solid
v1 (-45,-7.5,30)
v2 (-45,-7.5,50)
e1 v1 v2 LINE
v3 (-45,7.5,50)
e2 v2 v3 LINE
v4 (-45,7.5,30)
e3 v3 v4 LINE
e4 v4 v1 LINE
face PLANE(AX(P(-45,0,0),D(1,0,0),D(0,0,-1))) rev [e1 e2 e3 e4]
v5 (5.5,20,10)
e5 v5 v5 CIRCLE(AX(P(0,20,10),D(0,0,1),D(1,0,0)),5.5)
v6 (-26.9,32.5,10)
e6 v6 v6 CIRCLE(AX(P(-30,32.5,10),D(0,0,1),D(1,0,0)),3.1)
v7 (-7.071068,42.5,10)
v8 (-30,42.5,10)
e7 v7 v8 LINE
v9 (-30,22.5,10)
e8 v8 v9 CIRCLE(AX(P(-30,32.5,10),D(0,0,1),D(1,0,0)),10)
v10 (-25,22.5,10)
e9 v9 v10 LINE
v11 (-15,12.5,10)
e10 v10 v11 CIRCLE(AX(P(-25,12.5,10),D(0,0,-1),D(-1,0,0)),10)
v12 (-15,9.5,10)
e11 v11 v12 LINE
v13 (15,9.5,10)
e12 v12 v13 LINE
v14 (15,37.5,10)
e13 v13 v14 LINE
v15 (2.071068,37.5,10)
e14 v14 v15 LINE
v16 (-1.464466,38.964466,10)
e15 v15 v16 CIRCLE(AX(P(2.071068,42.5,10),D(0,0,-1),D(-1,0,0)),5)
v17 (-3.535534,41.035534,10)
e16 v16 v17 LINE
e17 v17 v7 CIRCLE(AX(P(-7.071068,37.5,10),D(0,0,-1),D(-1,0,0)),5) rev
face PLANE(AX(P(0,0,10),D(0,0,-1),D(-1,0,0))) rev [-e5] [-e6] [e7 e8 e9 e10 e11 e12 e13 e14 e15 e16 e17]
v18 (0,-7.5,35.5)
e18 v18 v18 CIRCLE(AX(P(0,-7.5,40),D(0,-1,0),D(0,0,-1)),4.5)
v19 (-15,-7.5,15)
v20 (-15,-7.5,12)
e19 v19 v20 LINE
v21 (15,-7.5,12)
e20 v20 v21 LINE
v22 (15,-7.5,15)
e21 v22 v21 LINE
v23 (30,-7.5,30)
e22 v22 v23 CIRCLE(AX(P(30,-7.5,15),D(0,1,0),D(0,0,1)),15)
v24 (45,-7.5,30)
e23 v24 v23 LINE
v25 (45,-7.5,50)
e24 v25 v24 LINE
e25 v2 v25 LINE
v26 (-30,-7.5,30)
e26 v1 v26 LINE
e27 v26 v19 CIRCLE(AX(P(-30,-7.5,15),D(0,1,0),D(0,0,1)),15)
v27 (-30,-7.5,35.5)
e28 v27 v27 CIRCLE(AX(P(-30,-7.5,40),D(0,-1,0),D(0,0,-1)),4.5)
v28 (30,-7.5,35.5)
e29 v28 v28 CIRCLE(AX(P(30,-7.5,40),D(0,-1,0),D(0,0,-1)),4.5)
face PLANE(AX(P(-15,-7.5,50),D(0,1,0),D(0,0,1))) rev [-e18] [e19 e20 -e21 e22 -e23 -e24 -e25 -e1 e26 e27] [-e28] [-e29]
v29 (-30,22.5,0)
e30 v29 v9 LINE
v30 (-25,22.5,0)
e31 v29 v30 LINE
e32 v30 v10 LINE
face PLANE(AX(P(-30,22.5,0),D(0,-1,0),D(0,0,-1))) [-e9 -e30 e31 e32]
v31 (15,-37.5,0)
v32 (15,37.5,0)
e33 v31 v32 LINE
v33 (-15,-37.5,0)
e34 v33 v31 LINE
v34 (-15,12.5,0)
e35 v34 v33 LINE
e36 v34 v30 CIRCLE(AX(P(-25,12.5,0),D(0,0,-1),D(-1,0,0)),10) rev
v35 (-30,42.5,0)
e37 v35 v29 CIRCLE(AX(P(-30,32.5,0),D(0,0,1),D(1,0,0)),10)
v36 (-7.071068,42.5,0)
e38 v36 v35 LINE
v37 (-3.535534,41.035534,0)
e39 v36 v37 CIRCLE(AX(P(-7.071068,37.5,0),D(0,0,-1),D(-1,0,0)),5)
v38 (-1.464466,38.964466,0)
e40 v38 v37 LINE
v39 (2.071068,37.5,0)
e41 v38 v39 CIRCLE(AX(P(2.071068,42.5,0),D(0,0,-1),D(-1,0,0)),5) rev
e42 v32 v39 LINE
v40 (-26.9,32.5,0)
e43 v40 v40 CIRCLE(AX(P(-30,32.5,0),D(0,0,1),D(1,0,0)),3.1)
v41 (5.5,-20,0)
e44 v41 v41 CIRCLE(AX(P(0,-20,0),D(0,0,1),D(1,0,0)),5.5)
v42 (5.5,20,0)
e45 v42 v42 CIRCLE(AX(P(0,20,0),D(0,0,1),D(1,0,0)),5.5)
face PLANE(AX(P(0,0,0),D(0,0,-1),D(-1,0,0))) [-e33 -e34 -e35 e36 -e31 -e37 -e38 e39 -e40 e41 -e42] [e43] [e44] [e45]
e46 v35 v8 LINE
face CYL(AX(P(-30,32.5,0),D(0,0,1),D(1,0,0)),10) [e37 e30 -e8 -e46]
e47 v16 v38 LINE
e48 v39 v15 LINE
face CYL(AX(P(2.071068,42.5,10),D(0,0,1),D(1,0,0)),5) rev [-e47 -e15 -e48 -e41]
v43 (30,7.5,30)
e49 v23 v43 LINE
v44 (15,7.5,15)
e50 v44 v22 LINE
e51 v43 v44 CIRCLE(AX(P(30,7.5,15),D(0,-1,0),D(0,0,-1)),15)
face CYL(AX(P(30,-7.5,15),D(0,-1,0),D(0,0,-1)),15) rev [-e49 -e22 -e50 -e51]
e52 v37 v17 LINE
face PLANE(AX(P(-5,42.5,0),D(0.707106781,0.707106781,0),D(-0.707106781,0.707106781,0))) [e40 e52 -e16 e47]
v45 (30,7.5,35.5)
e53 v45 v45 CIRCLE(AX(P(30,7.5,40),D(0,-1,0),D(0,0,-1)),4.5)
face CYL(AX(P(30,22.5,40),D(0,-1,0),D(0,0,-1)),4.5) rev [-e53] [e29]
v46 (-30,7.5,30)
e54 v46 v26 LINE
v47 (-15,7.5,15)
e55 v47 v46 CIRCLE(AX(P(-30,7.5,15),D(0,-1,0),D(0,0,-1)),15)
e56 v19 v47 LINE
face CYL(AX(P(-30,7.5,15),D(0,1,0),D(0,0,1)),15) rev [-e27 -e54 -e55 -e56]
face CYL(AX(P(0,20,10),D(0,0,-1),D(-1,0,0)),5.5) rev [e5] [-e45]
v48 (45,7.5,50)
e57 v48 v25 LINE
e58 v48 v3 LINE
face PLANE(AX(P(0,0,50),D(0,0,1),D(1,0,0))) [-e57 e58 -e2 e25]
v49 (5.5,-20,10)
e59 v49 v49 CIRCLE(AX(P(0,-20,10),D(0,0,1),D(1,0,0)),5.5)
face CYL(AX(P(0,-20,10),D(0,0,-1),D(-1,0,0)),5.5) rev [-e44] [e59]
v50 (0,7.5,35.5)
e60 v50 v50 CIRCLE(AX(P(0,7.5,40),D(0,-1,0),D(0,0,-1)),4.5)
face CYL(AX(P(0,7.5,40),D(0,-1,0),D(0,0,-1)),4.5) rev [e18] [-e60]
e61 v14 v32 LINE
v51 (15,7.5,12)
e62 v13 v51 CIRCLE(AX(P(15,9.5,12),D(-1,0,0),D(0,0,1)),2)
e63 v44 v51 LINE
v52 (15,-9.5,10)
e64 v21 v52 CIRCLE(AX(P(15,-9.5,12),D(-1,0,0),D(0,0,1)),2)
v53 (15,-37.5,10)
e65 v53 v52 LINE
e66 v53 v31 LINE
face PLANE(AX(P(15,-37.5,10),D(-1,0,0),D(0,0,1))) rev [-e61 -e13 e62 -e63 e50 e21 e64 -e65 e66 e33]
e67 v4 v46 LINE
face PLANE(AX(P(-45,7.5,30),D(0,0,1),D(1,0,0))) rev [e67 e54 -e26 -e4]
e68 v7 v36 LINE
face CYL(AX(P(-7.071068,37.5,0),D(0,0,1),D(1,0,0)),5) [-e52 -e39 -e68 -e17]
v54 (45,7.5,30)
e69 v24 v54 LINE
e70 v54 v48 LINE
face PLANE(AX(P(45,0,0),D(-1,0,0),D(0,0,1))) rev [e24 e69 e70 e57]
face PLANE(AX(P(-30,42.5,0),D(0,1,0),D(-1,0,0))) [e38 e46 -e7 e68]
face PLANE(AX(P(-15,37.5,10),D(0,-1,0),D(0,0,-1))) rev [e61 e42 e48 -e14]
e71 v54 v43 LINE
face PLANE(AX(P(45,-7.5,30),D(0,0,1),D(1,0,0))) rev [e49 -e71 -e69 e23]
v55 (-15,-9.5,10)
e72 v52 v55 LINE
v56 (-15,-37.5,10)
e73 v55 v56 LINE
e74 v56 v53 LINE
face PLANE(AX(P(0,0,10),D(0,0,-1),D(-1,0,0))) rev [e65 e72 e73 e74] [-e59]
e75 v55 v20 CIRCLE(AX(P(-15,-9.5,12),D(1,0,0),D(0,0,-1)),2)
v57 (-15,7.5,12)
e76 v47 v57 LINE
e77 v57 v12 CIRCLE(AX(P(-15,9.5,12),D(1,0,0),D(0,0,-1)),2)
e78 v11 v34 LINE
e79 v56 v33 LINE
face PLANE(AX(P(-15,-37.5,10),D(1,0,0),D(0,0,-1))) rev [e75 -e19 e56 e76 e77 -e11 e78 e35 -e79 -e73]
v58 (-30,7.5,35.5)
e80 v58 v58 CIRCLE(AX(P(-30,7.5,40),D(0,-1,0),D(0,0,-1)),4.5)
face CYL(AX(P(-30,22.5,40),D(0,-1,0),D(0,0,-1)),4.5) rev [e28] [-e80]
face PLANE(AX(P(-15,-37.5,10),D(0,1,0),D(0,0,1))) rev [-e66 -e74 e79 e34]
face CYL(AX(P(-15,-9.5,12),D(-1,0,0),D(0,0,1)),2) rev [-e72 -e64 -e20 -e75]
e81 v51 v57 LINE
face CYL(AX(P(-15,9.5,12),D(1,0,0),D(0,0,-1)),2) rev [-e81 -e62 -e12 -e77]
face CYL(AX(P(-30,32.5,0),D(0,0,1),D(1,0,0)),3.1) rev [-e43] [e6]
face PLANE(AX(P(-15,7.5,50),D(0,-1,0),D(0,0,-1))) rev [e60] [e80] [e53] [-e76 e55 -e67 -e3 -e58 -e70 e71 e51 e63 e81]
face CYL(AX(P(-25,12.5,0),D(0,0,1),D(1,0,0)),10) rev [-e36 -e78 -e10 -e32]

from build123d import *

# Parameters (mm, degrees)
SKETCH_1_W          = 30
SKETCH_1_H          = 75
SKETCH_1_R          = 5.5
EXTRUDE_1_DEPTH     = 10
SKETCH_2_W          = 30
SKETCH_2_H          = 15
EXTRUDE_2_DEPTH     = 40
FILLET_1_R          = 2
SKETCH_3_R          = 4.5
CUT_EXTRUDE_1_DEPTH = 15
SKETCH_5_W          = 20
SKETCH_5_H          = 15
EXTRUDE_3_DEPTH     = 30
SKETCH_6_R          = 4.5
CUT_EXTRUDE_2_DEPTH = 30
FILLET_2_R          = 15
SKETCH_7_W          = 20
SKETCH_7_H          = 15
EXTRUDE_4_DEPTH     = 30
FILLET_3_R          = 15
SKETCH_8_R          = 4.5
CUT_EXTRUDE_3_DEPTH = 30
EXTRUDE_5_DEPTH     = 10
FILLET_4_R          = 5
FILLET_5_R          = 10
SKETCH_10_R         = 3.1
CUT_EXTRUDE_4_DEPTH = 10


with BuildPart() as part:
    # 草图1 → 凸台-拉伸1 (new body)
    with BuildSketch(Plane.XY):
        Rectangle(SKETCH_1_W, SKETCH_1_H)
        with Locations((0, 20)):
            Circle(SKETCH_1_R, mode=Mode.SUBTRACT)
        with Locations((0, -20)):
            Circle(SKETCH_1_R, mode=Mode.SUBTRACT)
    extrude(amount=EXTRUDE_1_DEPTH)

    # 草图2 → 凸台-拉伸2 (add)
    with BuildSketch(Plane.XY.offset(10)):
        Rectangle(SKETCH_2_W, SKETCH_2_H)
    extrude(amount=EXTRUDE_2_DEPTH)

    # 圆角1
    fillet_1_edges = [part.edges().sort_by_distance(p)[0] for p in [
        (0, 7.5, 10),
        (0, -7.5, 10),
    ]]
    fillet(fillet_1_edges, radius=FILLET_1_R)

    # 草图3 → 切除-拉伸1 (cut)
    with BuildSketch(Plane(origin=(0, -7.5, 0), x_dir=(-1, 0, 0), z_dir=(0, -1, 0))):
        with Locations((0, -40)):
            Circle(SKETCH_3_R)
    extrude(amount=-CUT_EXTRUDE_1_DEPTH, mode=Mode.SUBTRACT)

    # 草图5 → 凸台-拉伸3 (add)
    with BuildSketch(Plane(origin=(15, 0, 0), x_dir=(0, 0, -1), z_dir=(1, 0, 0))):
        with Locations((-40, 0)):
            Rectangle(SKETCH_5_W, SKETCH_5_H)
    extrude(amount=EXTRUDE_3_DEPTH)

    # 草图6 → 切除-拉伸2 (cut)
    with BuildSketch(Plane(origin=(0, -7.5, 0), x_dir=(-1, 0, 0), z_dir=(0, -1, 0))):
        with Locations((-30, -40)):
            Circle(SKETCH_6_R)
    extrude(amount=-CUT_EXTRUDE_2_DEPTH, mode=Mode.SUBTRACT)

    # 圆角2
    fillet_2_edges = [part.edges().sort_by_distance(p)[0] for p in [
        (15, 0, 30),
    ]]
    fillet(fillet_2_edges, radius=FILLET_2_R)

    # 草图7 → 凸台-拉伸4 (add)
    with BuildSketch(Plane.ZY.offset(15)):
        with Locations((40, 0)):
            Rectangle(SKETCH_7_W, SKETCH_7_H)
    extrude(amount=EXTRUDE_4_DEPTH)

    # 圆角3
    fillet_3_edges = [part.edges().sort_by_distance(p)[0] for p in [
        (-15, 0, 30),
    ]]
    fillet(fillet_3_edges, radius=FILLET_3_R)

    # 草图8 → 切除-拉伸3 (cut)
    with BuildSketch(Plane(origin=(0, -7.5, 0), x_dir=(-1, 0, 0), z_dir=(0, -1, 0))):
        with Locations((30, -40)):
            Circle(SKETCH_8_R)
    extrude(amount=-CUT_EXTRUDE_3_DEPTH, mode=Mode.SUBTRACT)

    # 草图9 → 凸台-拉伸5 (add)
    with BuildSketch(Plane.XY.offset(10)):
        with BuildLine():
            Line((-30, 42.5), (-5, 42.5))
            Line((-5, 42.5), (0, 37.5))
            Line((0, 37.5), (-15, 22.5))
            Line((-15, 22.5), (-30, 22.5))
            ThreePointArc((-30, 22.5), (-40, 32.5), (-30, 42.5))
        make_face()
    extrude(amount=-EXTRUDE_5_DEPTH)

    # 圆角4
    fillet_4_edges = [part.edges().sort_by_distance(p)[0] for p in [
        (-5, 42.5, 5),
        (0, 37.5, 5),
    ]]
    fillet(fillet_4_edges, radius=FILLET_4_R)

    # 圆角5
    fillet_5_edges = [part.edges().sort_by_distance(p)[0] for p in [
        (-15, 22.5, 5),
    ]]
    fillet(fillet_5_edges, radius=FILLET_5_R)

    # 草图10 → 切除-拉伸4 (cut)
    with BuildSketch(Plane.XY.offset(10)):
        with Locations((-30, 32.5)):
            Circle(SKETCH_10_R)
    extrude(amount=-CUT_EXTRUDE_4_DEPTH, mode=Mode.SUBTRACT)


solid = part.part
